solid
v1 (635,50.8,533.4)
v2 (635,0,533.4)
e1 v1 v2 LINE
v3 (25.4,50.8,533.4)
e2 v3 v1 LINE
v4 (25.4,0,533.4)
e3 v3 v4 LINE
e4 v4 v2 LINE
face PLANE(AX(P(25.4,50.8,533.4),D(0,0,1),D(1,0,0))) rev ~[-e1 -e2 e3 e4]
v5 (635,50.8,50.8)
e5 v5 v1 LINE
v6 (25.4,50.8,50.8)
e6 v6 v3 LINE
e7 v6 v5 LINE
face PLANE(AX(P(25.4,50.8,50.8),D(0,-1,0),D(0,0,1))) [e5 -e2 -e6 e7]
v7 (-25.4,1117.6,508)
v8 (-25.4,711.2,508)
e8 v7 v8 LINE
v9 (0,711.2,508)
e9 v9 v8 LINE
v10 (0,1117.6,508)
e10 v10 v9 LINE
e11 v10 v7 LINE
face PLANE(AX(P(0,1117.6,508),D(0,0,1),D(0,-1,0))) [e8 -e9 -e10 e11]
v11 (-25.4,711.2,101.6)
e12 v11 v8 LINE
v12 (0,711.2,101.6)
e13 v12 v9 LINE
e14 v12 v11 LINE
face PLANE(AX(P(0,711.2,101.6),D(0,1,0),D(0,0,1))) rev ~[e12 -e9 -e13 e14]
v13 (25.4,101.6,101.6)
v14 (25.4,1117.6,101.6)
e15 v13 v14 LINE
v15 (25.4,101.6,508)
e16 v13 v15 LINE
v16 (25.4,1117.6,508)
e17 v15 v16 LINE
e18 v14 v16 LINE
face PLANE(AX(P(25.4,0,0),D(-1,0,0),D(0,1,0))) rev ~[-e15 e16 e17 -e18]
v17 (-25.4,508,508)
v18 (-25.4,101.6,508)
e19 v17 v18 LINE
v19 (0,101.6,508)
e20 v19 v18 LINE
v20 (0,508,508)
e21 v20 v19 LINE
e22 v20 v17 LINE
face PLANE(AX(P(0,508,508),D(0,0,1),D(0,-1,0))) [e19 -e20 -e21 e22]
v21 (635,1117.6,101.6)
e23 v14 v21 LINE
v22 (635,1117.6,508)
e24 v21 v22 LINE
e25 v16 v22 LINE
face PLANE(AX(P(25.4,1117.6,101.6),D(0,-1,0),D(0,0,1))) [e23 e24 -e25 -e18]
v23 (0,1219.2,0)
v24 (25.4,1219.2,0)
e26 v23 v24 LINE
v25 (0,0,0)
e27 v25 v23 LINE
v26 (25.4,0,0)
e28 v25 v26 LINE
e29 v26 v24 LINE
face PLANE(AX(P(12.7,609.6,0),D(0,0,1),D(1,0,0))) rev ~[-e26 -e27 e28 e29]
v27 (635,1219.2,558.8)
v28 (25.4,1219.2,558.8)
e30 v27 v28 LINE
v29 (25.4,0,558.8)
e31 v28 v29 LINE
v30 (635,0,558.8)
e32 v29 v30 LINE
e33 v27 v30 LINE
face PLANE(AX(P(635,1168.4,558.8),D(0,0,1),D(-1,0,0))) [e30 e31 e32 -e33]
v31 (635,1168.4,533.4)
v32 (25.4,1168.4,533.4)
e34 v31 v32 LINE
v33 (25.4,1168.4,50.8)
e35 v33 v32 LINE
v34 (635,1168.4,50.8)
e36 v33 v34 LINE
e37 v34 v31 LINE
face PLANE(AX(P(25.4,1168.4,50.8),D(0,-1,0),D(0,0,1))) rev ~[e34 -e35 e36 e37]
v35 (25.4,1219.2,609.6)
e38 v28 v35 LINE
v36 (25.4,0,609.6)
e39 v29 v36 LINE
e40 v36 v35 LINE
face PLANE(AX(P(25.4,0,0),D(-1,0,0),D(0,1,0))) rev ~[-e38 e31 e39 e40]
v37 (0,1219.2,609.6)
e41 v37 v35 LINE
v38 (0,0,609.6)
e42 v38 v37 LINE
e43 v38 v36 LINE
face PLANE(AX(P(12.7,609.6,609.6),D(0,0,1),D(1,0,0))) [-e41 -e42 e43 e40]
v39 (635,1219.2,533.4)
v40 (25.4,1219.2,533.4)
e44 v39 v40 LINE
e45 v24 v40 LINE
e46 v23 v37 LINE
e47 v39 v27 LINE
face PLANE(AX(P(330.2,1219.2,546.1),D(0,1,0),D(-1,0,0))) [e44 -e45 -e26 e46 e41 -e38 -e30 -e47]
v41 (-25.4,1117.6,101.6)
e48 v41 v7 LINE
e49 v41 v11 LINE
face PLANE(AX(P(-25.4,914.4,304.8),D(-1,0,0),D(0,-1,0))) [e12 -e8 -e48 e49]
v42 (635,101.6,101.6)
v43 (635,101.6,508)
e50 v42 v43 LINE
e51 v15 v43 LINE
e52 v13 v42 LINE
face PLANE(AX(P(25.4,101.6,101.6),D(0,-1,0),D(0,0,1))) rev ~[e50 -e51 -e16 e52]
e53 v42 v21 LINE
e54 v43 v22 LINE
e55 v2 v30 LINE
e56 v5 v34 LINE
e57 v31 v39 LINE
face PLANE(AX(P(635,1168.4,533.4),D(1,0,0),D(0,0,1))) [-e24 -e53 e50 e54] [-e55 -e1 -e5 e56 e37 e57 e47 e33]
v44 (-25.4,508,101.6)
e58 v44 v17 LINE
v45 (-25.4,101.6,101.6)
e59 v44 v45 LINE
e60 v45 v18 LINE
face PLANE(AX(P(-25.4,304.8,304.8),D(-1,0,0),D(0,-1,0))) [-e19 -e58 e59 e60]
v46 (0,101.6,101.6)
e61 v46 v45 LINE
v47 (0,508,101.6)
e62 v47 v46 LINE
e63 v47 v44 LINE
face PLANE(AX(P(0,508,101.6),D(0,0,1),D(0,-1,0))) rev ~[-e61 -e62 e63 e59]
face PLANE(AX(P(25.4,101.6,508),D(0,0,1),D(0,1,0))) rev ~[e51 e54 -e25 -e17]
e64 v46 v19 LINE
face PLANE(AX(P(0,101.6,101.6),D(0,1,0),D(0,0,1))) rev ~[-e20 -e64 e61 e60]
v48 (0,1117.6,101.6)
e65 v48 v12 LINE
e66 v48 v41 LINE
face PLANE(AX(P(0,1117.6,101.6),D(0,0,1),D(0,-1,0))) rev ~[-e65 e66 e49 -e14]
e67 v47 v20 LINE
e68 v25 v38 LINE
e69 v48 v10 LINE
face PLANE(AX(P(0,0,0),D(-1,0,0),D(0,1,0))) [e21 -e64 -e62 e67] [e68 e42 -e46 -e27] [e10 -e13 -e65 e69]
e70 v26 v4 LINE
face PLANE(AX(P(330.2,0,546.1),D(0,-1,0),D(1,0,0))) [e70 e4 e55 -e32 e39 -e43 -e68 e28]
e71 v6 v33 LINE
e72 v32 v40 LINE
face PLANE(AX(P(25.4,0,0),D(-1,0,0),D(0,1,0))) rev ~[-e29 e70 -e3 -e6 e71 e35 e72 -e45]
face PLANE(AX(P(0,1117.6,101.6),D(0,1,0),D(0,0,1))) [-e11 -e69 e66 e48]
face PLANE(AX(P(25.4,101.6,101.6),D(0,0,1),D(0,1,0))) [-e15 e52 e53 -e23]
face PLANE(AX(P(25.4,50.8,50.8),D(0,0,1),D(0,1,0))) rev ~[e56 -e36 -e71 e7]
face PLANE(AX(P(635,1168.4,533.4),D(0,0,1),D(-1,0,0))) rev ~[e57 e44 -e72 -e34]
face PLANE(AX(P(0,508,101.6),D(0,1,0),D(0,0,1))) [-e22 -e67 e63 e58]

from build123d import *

# Parameters (mm, degrees)
F0_W     = 25.4
F0_H     = 1219.2
F1_DEPTH = 609.6
F2_W     = 1117.6
F2_H     = 508
F2_W_2   = 1016
F2_H_2   = 406.4
F3_DEPTH = 609.6
F4_W     = 406.4
F4_H     = 406.4
F5_DEPTH = 25.4
F6_W     = 609.6
F6_H     = 25.4
F7_DEPTH = 50.8
F8_W     = 609.6
F8_H     = 25.4
F9_DEPTH = 50.8


with BuildPart() as f1:
    # F0 (on Top) → F1 (new body)
    with BuildSketch(Plane.XY):
        with Locations((12.7, 609.6)):
            Rectangle(F0_W, F0_H)
    extrude(amount=F1_DEPTH)

    # F2 (on face) → F3 (join)
    with BuildSketch(Plane.YZ.offset(25.4)):
        with Locations((609.6, 304.8)):
            Rectangle(F2_W, F2_H)
        with Locations((609.6, 304.8)):
            Rectangle(F2_W_2, F2_H_2, mode=Mode.SUBTRACT)
    extrude(amount=F3_DEPTH)

    # F4 (on face) → F5 (join)
    with BuildSketch(Plane(origin=(0, 0, 0), x_dir=(0, -1, 0), z_dir=(-1, 0, 0))):
        with Locations((-914.4, 304.8)):
            Rectangle(F4_W, F4_H)
        with Locations((-304.8, 304.8)):
            Rectangle(F4_W, F4_H)
    extrude(amount=F5_DEPTH)

    # F6 (on face) → F7 (join)
    with BuildSketch(Plane.XZ.offset(-50.8)):
        with Locations((330.2, 546.1)):
            Rectangle(F6_W, F6_H)
    extrude(amount=F7_DEPTH)

    # F8 (on face) → F9 (join)
    with BuildSketch(Plane(origin=(0, 1168.4, 0), x_dir=(-1, 0, 0), z_dir=(0, 1, 0))):
        with Locations((-330.2, 546.1)):
            Rectangle(F8_W, F8_H)
    extrude(amount=F9_DEPTH)


solid = f1.part
